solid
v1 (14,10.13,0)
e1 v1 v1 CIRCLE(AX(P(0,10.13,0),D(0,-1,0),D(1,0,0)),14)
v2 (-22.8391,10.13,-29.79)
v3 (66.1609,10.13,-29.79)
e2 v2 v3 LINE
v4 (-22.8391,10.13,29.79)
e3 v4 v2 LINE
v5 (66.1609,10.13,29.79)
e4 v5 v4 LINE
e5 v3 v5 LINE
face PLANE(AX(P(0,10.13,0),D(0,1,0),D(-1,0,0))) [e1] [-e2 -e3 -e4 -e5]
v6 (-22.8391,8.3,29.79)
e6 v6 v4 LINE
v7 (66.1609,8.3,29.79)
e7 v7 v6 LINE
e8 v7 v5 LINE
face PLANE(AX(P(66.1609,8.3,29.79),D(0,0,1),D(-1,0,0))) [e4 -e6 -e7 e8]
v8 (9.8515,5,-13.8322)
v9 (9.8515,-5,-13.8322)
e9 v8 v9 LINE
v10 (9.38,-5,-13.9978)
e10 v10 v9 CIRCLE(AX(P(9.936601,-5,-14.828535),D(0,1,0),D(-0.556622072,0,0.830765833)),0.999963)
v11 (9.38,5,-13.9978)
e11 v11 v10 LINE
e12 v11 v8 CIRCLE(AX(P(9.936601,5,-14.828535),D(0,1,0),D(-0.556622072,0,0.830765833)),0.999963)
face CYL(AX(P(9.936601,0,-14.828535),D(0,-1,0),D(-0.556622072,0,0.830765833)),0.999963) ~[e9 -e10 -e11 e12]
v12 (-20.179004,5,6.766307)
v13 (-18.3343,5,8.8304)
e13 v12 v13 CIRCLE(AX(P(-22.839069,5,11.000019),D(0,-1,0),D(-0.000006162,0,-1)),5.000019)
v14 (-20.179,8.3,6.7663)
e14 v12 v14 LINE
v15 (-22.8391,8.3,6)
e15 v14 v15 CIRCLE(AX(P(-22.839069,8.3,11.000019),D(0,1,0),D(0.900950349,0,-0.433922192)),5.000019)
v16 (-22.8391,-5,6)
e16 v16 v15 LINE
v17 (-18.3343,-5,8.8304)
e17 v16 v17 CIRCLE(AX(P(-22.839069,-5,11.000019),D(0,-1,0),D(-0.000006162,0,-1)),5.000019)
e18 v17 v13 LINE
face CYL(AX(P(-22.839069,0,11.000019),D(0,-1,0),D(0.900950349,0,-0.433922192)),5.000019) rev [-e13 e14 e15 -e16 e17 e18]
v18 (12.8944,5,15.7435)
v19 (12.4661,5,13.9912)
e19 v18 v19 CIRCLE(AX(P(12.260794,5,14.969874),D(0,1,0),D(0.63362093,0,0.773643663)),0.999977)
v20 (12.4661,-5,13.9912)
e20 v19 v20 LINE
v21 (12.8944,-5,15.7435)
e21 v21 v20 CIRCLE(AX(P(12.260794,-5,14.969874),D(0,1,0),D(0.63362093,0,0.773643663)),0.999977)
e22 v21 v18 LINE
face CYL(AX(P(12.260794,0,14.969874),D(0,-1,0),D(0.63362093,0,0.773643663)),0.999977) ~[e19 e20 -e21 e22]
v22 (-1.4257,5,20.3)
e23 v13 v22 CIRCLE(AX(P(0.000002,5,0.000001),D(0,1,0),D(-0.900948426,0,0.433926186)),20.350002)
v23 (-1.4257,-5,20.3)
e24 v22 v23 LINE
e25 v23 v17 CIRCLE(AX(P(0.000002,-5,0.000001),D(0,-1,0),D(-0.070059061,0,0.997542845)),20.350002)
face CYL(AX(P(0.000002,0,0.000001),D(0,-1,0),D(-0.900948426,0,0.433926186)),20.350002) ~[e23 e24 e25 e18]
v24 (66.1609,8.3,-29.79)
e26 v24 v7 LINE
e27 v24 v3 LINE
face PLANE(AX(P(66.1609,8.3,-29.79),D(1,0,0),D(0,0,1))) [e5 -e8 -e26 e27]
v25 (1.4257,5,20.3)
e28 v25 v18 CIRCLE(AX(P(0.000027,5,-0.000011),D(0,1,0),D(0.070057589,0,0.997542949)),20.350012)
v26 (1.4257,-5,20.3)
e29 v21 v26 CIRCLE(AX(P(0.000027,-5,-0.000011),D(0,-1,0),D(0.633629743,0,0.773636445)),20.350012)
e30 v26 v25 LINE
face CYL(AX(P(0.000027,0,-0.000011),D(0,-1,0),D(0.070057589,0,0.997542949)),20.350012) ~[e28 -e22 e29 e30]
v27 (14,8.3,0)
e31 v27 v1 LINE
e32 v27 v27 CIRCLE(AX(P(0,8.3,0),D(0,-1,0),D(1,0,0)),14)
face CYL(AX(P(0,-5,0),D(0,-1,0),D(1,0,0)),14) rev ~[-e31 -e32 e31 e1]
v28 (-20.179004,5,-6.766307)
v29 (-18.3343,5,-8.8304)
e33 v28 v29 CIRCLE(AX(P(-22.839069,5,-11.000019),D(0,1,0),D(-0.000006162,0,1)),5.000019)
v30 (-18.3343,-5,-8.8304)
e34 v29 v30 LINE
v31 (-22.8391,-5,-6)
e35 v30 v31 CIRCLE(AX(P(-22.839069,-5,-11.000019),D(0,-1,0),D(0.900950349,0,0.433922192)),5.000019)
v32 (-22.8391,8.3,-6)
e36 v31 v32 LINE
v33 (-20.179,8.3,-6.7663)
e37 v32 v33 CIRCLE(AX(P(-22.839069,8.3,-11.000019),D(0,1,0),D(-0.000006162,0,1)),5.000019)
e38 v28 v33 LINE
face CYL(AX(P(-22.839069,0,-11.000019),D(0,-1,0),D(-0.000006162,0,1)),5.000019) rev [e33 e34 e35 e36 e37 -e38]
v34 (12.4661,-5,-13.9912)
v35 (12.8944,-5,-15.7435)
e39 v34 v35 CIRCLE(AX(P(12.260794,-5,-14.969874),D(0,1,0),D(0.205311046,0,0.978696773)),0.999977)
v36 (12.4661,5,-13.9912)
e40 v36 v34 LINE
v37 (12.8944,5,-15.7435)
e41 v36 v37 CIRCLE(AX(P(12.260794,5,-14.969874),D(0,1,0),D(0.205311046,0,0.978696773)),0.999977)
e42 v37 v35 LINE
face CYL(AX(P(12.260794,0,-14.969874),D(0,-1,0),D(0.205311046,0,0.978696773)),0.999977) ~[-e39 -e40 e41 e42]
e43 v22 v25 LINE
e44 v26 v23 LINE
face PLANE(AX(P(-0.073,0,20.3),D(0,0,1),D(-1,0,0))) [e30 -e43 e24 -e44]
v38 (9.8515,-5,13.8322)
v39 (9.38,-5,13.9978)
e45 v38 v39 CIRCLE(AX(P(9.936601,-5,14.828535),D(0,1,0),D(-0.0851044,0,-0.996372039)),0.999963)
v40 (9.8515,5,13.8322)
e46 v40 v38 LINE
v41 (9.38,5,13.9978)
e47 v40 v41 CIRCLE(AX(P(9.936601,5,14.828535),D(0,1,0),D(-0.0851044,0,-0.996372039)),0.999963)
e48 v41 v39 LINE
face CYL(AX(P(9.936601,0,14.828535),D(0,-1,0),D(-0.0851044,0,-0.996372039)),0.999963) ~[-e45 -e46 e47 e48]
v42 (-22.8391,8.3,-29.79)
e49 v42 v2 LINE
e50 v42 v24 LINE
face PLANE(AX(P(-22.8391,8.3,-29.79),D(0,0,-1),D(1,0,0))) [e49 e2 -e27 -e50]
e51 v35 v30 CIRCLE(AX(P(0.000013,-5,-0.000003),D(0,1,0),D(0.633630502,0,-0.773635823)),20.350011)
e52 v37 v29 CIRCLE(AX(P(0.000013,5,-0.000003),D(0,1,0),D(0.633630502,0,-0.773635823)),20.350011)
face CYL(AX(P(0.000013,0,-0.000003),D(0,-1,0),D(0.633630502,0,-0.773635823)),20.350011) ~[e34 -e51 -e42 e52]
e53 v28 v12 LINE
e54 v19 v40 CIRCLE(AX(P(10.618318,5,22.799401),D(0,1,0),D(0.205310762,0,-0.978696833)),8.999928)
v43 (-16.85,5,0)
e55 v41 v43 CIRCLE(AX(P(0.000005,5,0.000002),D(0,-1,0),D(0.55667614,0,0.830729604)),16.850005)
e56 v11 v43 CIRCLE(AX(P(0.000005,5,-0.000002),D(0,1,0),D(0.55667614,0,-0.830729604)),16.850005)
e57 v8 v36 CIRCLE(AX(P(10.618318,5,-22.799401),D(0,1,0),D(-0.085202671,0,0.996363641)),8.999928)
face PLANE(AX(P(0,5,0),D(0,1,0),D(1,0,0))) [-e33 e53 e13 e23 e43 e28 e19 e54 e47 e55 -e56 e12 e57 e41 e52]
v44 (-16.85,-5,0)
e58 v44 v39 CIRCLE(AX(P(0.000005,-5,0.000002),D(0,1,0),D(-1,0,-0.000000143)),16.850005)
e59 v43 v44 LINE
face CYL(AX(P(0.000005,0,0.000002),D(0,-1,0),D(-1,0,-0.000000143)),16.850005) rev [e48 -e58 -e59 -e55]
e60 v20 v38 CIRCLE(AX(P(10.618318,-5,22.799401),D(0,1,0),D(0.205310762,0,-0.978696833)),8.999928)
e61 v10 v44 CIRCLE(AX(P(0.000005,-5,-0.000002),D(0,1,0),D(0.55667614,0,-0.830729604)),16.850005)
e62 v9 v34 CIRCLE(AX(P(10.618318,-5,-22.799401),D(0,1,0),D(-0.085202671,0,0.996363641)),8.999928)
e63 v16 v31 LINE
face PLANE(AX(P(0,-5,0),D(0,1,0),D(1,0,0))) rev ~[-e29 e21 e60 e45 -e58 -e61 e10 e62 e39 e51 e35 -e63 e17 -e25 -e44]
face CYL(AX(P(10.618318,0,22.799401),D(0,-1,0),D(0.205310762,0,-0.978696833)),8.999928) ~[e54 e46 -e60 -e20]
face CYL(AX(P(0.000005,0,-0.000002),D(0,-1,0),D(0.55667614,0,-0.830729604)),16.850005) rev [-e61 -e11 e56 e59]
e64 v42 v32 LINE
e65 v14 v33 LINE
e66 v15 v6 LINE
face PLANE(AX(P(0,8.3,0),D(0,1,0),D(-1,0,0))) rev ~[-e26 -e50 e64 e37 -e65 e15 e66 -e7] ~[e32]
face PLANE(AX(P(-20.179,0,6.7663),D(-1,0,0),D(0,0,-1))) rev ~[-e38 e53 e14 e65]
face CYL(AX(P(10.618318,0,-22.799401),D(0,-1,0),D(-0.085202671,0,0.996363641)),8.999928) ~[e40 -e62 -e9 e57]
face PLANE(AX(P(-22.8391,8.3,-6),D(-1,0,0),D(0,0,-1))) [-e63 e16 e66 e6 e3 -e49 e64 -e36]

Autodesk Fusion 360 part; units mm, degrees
sketch "Sketch1" plane through (0, 0, 0) normal (0, 1, 0) x (1, 0, 0)
  line L0 (-39.5, 0) -> (-39.5, 6)
  line L1 (-39.5, 6) -> (-22.8391, 6)
  line L2 (-50, 0) -> (42, 0) construction
  line L3 (0, 0) -> (18.7964, 26.8441) construction
  arc A0 (9.38, 13.9978) -> (-16.85, 0) centre (0, 0) ccw
  arc A1 (12.8944, 15.7435) -> (-18.3343, 8.8304) centre (0, 0) ccw
  arc A2 (-22.8391, 6) -> (-18.3343, 8.8304) centre (-22.8391, 11) ccw
  line L4 (-28.5277, 8) -> (-28.5277, 0)
  line L5 (-39.5, -6) -> (-22.8391, -6)
  arc A3 (-18.3343, -8.8304) -> (-22.8391, -6) centre (-22.8391, -11) ccw
  line L6 (-28.5277, -8) -> (-28.5277, 0)
  arc A4 (-16.85, 0) -> (9.38, -13.9978) centre (0, 0) ccw
  line L7 (-39.5, 0) -> (-39.5, -6)
  arc A5 (9.8515, 13.8322) -> (12.4661, 13.9912) centre (10.6183, 22.7994) ccw
  line L8 (0, 28) -> (0, 20.2823) construction
  line L9 (0, 20.35) -> (0, -24) construction
  arc A6 (12.4661, 13.9912) -> (12.8944, 15.7435) centre (12.2608, 14.9699) ccw
  arc A7 (9.38, 13.9978) -> (9.8515, 13.8322) centre (9.9367, 14.8285) ccw
  arc A8 (12.8944, -15.7435) -> (12.4661, -13.9912) centre (12.2608, -14.9699) ccw
  arc A9 (12.4661, -13.9912) -> (9.8515, -13.8322) centre (10.6183, -22.7994) ccw
  arc A10 (9.8515, -13.8322) -> (9.38, -13.9978) centre (9.9367, -14.8285) ccw
  line L10 (-0.661, 0) -> (-0.661, -36.4532) construction
  line L11 (3.815, 0) -> (3.815, -36.4532) construction
  line L12 (-0.661, -36.4532) -> (3.815, -36.4532) construction
  line L13 (-0.073, -19.5) -> (-0.073, -20.3)
  line L14 (-0.073, -20.3) -> (3.227, -20.3)
  line L15 (3.227, -19.5) -> (3.227, -20.3)
  arc A11 (3.227, -19.5) -> (-0.073, -19.5) centre (1.577, -19.5) ccw
  line L16 (-0.073, -20.3) -> (-13.423, -20.3)
  line L17 (-13.423, -20.3) -> (-13.423, -30.3)
  line L18 (-13.423, -30.3) -> (-16.923, -30.3)
  line L19 (-5.423, -20.3) -> (-5.423, -11) construction
  arc A12 (-18.3343, -8.8304) -> (-1.4257, -20.3) centre (0, 0) ccw
  arc A13 (1.4257, -20.3) -> (12.8944, -15.7435) centre (0, 0) ccw
  line L20 (-0.073, -22.3) -> (-11.423, -22.3)
  line L21 (-11.423, -22.3) -> (-11.423, -30.3)
  line L22 (-11.423, -30.3) -> (-13.423, -30.3)
  line L23 (-0.073, -22.3) -> (-0.073, -20.3)
  line L24 (-0.073, -20.3) -> (-0.073, -16.8498)
  line L25 (3.227, -20.3) -> (3.227, -16.5381)
  line L26 (-16.923, -30.3) -> (-16.923, -11.302)
  line L27 (-22.8391, -6) -> (-22.8391, 6)
  line L28 (-20.179, -6.7663) -> (-20.179, 6.7663)
  point P0 (-50, 0)
  dimension "d1" = 33.7
  dimension "d4" = 6
  dimension "d5" = 39.5
  dimension "d6" = 3.5
  dimension "d7" = 5
  dimension "d11" = 55
  dimension "d30" = 1
  dimension "d31" = 9
  dimension "d32" = 1
  dimension "d36" = 3.815
  dimension "d37" = 3.3
  dimension "d39" = 0.661
  dimension "d40" = 4.476
  dimension "d41" = 2.238
  dimension "d42" = 0.8
  dimension "d43" = 19.5
  dimension "d44" = 15
  dimension "d45" = 7
  dimension "d46" = 10
  dimension "d47" = 3.5
  dimension "d48" = -2
  dimension "d70" = 28.5277
extrude "Extrude1" add sketch "Sketch1" along normal mid plane 10 contours A2 A3 L27 L28 | A0 A1 A2 A3 A4 A5 A6 A7 L13 L16 A12 L24 L28 | L13 L14 L15 A11 A13 L24 L25 | A4 A11 L24 L25 | A4 A8 A9 A10 L15 A13 L25
ref_plane "WorkPlane1" through (-16.85, 0, 0) normal (1, 0, 0) x (0, 1, 0)
sketch "Sketch2" plane through (-16.85, 0, 0) normal (1, 0, 0) x (0, 0, -1)
  line L0 (-1.6743, 2.9) -> (-3.3486, 0)
  line L1 (-3.3486, 0) -> (-1.6743, -2.9)
  line L2 (-1.6743, -2.9) -> (1.6743, -2.9)
  line L3 (1.6743, -2.9) -> (3.3486, 0)
  line L4 (3.3486, 0) -> (1.6743, 2.9)
  line L5 (1.6743, 2.9) -> (-1.6743, 2.9)
  circle A0 centre (0, 0) radius 1.6
  line L6 (-1.175, 2.175) -> (1.175, 2.175)
  line L7 (2.175, 1.175) -> (2.175, -1.175)
  line L8 (1.175, -2.175) -> (-1.175, -2.175)
  line L9 (-2.175, -1.175) -> (-2.175, 1.175)
  line L10 (-2.175, 2.175) -> (2.175, -2.175) construction
  line L11 (2.175, 2.175) -> (-2.175, -2.175) construction
  arc A1 (-1.175, 2.175) -> (-2.175, 1.175) centre (-1.175, 1.175) ccw
  arc A2 (-2.175, -1.175) -> (-1.175, -2.175) centre (-1.175, -1.175) ccw
  arc A3 (1.175, -2.175) -> (2.175, -1.175) centre (1.175, -1.175) ccw
  arc A4 (2.175, 1.175) -> (1.175, 2.175) centre (1.175, 1.175) ccw
  circle A5 centre (0, 2.175) radius 2.25
  dimension "d16" = 2.9
  dimension "d104" = 4.35
  dimension "d105" = 4.35
  dimension "d106" = 1
  dimension "d125" = 4.5
ref_plane "WorkPlane2" through (0, 4.9, 0) normal (0, 1, 0) x (0, 0, 1)
extrude "Extrude19" add sketch "Sketch1" along normal blind 8.3 contours A2 A3 L27 L28
sketch "Sketch11" plane through (0, 8.3, 0) normal (0, 1, 0) x (-1, 0, 0)
  arc A0 (20.179, 6.7663) -> (22.8391, 6) centre (22.8391, 11) ccw
  line L0 (20.179, 6.7663) -> (20.179, -6.7663)
  arc A1 (22.8391, -6) -> (20.179, -6.7663) centre (22.8391, -11) ccw
  line L1 (22.8391, -6) -> (22.8391, 6)
  line L2 (22.8391, -29.79) -> (-66.1609, -29.79)
  line L3 (-66.1609, -29.79) -> (-66.1609, 29.79)
  line L4 (-66.1609, 29.79) -> (22.8391, 29.79)
  line L5 (22.8391, 29.79) -> (22.8391, -29.79)
  line L6 (22.8391, 6) -> (22.8391, -6)
  point P0 (22.8391, -6)
  dimension "d116" = 89
  dimension "d117" = 59.58
  dimension "d118" = 29.79
extrude "Extrude20" add sketch "Sketch11" along normal blind 1.83
sketch "Sketch12" plane through (0, -5, 0) normal (0, -1, 0) x (1, 0, 0)
  arc A0 (-1.4257, 20.3) -> (-18.3343, 8.8304) centre (0, 0) ccw
  arc A1 (-22.8391, 6) -> (-18.3343, 8.8304) centre (-22.8391, 11) ccw
  line L0 (-22.8391, 6) -> (-22.8391, -6)
  arc A2 (-18.3343, -8.8304) -> (-22.8391, -6) centre (-22.8391, -11) ccw
  arc A3 (-18.3343, -8.8304) -> (12.8944, -15.7435) centre (0, 0) ccw
  arc A4 (12.8944, -15.7435) -> (12.4661, -13.9912) centre (12.2608, -14.9699) ccw
  arc A5 (12.4661, -13.9912) -> (9.8515, -13.8322) centre (10.6183, -22.7994) ccw
  arc A6 (9.8515, -13.8322) -> (9.38, -13.9978) centre (9.9367, -14.8285) ccw
  arc A7 (9.38, 13.9978) -> (9.38, -13.9978) centre (0, 0) ccw
  arc A8 (9.38, 13.9978) -> (9.8515, 13.8322) centre (9.9367, 14.8285) ccw
  arc A9 (9.8515, 13.8322) -> (12.4661, 13.9912) centre (10.6183, 22.7994) ccw
  arc A10 (12.4661, 13.9912) -> (12.8944, 15.7435) centre (12.2608, 14.9699) ccw
  arc A11 (12.8944, 15.7435) -> (1.4257, 20.3) centre (0, 0) ccw
  line L1 (1.4257, 20.3) -> (-1.4257, 20.3)
  arc A12 (-16.85, 0) -> (9.38, -13.9978) centre (0, 0) ccw
  arc A13 (9.38, 13.9978) -> (-16.85, 0) centre (0, 0) ccw
  circle A14 centre (0, 0) radius 14
  dimension "d128" = 28
extrude "Extrude22" cut sketch "Sketch12" against normal up to surface (15.13 mm away) contours A14
equation "d5 = 50 mm - 10.5 mm"
equation "d41 = ( 4.476 / 2 ) * 1 mm"
equation "d43 = d1 / 2 + 1 mm + d37 / 2"
equation "d114 = 7.4 mm + 0.9 mm"
equation "d118 = d117 / 2"
equation "d120 = 2.23 mm - 0.4 mm"
equation "d119 = ( 30 / 2 ) * 1 mm + 7 mm"
equation "d95 = 0.5 mm + 0.8 mm"
